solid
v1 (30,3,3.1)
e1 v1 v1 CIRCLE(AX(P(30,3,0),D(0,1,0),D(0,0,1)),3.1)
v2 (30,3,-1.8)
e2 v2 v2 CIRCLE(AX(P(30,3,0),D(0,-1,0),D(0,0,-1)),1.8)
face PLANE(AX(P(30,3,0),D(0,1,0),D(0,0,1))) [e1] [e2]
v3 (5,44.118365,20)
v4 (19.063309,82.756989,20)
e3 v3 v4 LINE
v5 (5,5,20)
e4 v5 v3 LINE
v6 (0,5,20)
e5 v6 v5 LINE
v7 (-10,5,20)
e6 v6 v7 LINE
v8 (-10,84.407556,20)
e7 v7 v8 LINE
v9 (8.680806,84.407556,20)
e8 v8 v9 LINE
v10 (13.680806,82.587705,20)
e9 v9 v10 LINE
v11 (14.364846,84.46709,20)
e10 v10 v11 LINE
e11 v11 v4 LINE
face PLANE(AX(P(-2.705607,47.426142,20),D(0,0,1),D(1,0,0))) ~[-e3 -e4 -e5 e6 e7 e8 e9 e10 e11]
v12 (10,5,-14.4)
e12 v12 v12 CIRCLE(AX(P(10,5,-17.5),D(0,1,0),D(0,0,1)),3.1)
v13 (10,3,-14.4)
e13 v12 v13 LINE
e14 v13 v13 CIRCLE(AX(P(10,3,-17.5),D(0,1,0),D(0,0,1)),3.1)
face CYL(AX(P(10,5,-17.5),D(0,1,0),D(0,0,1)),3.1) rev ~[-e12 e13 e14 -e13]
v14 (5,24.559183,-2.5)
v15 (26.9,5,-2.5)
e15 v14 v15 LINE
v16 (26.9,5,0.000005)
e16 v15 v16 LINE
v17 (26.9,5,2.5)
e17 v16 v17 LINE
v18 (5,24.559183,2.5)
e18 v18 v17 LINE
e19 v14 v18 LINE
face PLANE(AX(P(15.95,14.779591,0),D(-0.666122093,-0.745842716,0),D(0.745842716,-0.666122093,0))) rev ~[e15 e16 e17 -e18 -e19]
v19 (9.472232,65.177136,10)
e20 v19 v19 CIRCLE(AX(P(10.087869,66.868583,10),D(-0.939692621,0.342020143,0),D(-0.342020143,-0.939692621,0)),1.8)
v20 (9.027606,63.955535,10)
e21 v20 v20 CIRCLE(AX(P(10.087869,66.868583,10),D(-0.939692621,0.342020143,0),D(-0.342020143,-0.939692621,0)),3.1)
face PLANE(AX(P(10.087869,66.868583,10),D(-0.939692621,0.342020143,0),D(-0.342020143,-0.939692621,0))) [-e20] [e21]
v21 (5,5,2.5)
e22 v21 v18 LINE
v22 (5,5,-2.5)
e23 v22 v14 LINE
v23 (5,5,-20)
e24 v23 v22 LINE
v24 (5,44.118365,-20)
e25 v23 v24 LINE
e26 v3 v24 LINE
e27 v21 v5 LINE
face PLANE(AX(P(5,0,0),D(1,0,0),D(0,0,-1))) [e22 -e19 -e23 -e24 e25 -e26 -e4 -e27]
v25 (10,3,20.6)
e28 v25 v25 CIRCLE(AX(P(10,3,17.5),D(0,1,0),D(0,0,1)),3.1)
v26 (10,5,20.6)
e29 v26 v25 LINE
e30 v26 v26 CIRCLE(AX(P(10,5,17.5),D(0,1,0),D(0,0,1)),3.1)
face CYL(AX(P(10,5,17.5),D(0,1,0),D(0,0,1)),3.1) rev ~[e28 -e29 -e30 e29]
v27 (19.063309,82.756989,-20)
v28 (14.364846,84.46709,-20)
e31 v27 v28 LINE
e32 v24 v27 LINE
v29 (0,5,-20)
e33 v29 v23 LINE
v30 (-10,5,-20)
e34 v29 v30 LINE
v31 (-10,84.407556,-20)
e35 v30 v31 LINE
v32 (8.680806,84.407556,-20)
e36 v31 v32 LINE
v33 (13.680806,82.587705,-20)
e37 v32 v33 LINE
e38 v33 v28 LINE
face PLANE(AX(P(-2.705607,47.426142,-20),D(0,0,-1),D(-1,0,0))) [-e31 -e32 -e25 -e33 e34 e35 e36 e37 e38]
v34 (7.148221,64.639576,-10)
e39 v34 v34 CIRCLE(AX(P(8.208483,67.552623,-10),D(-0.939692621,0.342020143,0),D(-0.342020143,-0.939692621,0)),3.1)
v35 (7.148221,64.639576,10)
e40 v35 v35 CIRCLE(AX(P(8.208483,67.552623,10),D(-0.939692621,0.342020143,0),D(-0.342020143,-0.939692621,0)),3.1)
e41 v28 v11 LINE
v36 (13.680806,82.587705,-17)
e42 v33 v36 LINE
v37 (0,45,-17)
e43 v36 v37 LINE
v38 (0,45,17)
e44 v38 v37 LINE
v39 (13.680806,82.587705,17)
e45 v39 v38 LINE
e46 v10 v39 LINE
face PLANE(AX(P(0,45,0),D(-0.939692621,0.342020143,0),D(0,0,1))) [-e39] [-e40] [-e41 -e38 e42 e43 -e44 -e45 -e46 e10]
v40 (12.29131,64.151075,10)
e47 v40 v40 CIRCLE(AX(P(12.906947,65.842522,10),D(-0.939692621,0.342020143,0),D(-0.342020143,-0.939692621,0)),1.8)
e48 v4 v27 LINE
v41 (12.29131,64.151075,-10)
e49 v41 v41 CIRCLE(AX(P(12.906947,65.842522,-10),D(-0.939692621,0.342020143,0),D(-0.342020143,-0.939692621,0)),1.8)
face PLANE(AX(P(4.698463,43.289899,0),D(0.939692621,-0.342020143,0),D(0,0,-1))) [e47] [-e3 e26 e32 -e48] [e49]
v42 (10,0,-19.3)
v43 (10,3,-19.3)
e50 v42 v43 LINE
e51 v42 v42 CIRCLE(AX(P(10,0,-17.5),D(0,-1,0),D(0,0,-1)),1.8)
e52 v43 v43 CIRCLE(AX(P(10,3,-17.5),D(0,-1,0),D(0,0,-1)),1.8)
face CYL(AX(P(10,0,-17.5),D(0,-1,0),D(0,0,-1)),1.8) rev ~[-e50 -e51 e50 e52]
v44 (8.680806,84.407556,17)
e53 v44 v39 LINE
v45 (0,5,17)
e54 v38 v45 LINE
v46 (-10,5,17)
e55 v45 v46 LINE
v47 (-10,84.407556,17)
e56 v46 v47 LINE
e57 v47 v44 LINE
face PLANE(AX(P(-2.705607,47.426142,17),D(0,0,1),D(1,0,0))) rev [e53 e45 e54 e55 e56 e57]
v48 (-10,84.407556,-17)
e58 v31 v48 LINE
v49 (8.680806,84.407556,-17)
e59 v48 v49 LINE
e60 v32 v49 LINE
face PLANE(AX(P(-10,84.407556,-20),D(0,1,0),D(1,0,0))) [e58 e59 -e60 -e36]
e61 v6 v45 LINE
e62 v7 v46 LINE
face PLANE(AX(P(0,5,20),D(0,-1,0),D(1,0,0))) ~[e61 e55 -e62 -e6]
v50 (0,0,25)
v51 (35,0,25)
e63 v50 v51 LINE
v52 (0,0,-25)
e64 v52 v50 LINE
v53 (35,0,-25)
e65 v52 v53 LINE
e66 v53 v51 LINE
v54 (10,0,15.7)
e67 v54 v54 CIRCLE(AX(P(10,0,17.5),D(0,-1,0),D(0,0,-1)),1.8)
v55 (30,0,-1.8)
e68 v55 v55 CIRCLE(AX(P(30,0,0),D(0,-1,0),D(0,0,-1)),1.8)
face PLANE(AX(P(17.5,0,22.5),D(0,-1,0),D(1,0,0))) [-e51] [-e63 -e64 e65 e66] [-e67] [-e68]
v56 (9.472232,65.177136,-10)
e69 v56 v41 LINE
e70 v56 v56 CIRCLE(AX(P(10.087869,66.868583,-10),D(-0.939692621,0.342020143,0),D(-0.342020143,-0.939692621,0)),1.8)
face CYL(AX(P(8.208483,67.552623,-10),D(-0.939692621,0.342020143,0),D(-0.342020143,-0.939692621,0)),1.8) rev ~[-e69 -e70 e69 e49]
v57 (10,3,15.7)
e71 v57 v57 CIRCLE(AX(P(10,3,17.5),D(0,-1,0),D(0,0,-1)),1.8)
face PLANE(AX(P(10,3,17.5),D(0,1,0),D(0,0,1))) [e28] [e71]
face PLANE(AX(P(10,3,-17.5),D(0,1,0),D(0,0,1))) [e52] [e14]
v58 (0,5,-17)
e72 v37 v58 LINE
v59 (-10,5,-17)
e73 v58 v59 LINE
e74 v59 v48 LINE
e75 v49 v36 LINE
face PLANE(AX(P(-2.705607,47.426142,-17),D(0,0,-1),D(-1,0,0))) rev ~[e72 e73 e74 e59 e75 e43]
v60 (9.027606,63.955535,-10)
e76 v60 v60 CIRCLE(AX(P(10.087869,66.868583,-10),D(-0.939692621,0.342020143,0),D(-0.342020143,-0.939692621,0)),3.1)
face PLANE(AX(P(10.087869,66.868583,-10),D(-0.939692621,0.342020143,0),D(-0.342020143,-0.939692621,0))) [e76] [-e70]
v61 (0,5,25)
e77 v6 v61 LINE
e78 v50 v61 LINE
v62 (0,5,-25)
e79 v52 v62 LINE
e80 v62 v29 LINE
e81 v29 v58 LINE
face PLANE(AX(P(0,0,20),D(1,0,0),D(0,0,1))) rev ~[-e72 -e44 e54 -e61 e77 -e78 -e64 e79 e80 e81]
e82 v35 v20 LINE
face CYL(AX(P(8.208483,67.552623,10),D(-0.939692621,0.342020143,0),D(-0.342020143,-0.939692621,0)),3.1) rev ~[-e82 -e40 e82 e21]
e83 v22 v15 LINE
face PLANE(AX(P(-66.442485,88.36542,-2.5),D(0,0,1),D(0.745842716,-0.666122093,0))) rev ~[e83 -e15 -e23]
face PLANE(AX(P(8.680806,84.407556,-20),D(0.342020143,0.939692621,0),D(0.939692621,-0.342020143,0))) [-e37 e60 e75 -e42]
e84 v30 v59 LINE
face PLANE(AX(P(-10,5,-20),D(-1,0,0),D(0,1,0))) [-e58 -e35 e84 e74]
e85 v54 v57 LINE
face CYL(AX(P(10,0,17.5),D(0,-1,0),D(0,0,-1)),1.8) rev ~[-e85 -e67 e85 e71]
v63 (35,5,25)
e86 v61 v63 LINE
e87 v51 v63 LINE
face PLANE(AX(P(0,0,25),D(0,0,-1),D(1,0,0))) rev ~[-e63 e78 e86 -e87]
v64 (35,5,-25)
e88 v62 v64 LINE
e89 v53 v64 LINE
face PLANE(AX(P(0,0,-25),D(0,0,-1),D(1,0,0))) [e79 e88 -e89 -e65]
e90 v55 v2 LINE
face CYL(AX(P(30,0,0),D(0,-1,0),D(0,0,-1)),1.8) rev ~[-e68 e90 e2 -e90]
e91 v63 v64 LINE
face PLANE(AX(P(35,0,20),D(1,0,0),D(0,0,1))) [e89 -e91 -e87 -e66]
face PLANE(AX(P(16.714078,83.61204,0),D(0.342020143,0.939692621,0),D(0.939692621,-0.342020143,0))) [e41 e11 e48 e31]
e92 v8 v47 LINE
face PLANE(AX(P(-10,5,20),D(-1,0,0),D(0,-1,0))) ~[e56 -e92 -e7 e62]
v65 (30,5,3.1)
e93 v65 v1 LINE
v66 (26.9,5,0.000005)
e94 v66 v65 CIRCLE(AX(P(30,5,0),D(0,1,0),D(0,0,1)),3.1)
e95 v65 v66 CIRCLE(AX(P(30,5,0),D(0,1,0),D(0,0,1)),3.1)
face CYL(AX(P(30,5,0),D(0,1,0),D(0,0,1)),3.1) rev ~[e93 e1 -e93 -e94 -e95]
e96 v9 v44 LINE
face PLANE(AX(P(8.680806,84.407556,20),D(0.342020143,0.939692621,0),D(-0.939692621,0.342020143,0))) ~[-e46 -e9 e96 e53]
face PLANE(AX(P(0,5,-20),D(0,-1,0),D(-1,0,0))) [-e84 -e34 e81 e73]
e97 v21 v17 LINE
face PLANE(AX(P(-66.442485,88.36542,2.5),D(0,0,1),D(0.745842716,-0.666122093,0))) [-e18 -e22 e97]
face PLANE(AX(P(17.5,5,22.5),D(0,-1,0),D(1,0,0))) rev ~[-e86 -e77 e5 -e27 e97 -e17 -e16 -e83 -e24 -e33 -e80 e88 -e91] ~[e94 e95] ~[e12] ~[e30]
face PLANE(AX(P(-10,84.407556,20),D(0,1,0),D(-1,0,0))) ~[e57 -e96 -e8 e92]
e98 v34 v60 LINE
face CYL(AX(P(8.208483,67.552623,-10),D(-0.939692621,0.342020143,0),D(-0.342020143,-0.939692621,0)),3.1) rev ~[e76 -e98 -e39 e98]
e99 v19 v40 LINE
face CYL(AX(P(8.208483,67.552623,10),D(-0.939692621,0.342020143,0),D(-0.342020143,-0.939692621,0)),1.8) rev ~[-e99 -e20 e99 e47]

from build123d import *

# Parameters (mm, degrees)
SKETCH_2_W          = 5
SKETCH_2_H          = 40
CUT_EXTRUDE_1_REACH = 90.301
SKETCH_3_R          = 1.8
SKETCH_6_W          = 30
SKETCH_6_H          = 40
EXTRUDE_1_DEPTH     = 5
CUT_EXTRUDE_2_REACH = 95.593
SKETCH_8_R          = 1.8
SKETCH_9_W          = 35
SKETCH_9_H          = 5
EXTRUDE_2_DEPTH     = 5
SKETCH_10_R         = 3.1
CUT_EXTRUDE_3_DEPTH = 2
SKETCH_11_R         = 3.1
CUT_EXTRUDE_4_DEPTH = 2
EXTRUDE_4_DEPTH     = 3
RIB_5_REACH         = 96.788
SKETCH_21_WALL_W    = 220.937961122
SKETCH_21_WALL_H    = 5


with BuildPart() as part:
    # 扫描1: sweep along a path in 草图1
    with BuildLine(Plane.XY) as sweep_1_path:
        Line((0, 0), (0, 45))
        Line((0, 45), (14.36484602, 84.467090073))
    # 草图2 → 扫描1 (sweep)
    with BuildSketch(Plane(origin=(0, 0, 0), x_dir=(1, 0, 0), z_dir=(0, 1, 0))):
        with Locations((2.5, 0)):
            Rectangle(SKETCH_2_W, SKETCH_2_H)
    sweep(path=sweep_1_path.line, transition=Transition.RIGHT)

    # 草图3 → 切除-拉伸1 (cut, up to next)
    with BuildSketch(Plane(origin=(-14.462721218, 5.26400003, 0), x_dir=(0, 0, 1), z_dir=(-0.9396926207859081, 0.3420201433256695, 0)), mode=Mode.PRIVATE) as cut_extrude_1_sk1:
        with Locations(Location((-10, 66.286167935, 0), (0, 0, 270))):
            Circle(SKETCH_3_R)
    cut_extrude_1_tool1 = extrude(cut_extrude_1_sk1.sketch, amount=-CUT_EXTRUDE_1_REACH, mode=Mode.PRIVATE) & part.part
    # 草图3 → 切除-拉伸1 (cut, up to next)
    with BuildSketch(Plane(origin=(-14.462721218, 5.26400003, 0), x_dir=(0, 0, 1), z_dir=(-0.9396926207859081, 0.3420201433256695, 0)), mode=Mode.PRIVATE) as cut_extrude_1_sk2:
        with Locations(Location((10, 66.286167935, 0), (0, 0, 270))):
            Circle(SKETCH_3_R)
    cut_extrude_1_tool2 = extrude(cut_extrude_1_sk2.sketch, amount=-CUT_EXTRUDE_1_REACH, mode=Mode.PRIVATE) & part.part
    add(cut_extrude_1_tool1.solids().sort_by_distance((8.208483, 67.552623, -10))[0], mode=Mode.SUBTRACT)
    add(cut_extrude_1_tool2.solids().sort_by_distance((8.208483, 67.552623, 10))[0], mode=Mode.SUBTRACT)

    # 草图6 → 凸台-拉伸1 (add)
    with BuildSketch(Plane.XZ):
        with Locations((20, 0)):
            Rectangle(SKETCH_6_W, SKETCH_6_H)
    extrude(amount=-EXTRUDE_1_DEPTH)

    # 草图8 → 切除-拉伸2 (cut, up to next)
    with BuildSketch(Plane.XZ, mode=Mode.PRIVATE) as cut_extrude_2_sk1:
        with Locations(Location((10, 17.5, 0), (0, 0, 270))):
            Circle(SKETCH_8_R)
    cut_extrude_2_tool1 = extrude(cut_extrude_2_sk1.sketch, amount=-CUT_EXTRUDE_2_REACH, mode=Mode.PRIVATE) & part.part
    # 草图8 → 切除-拉伸2 (cut, up to next)
    with BuildSketch(Plane.XZ, mode=Mode.PRIVATE) as cut_extrude_2_sk2:
        with Locations(Location((10, -17.5, 0), (0, 0, 270))):
            Circle(SKETCH_8_R)
    cut_extrude_2_tool2 = extrude(cut_extrude_2_sk2.sketch, amount=-CUT_EXTRUDE_2_REACH, mode=Mode.PRIVATE) & part.part
    # 草图8 → 切除-拉伸2 (cut, up to next)
    with BuildSketch(Plane.XZ, mode=Mode.PRIVATE) as cut_extrude_2_sk3:
        with Locations(Location((30, 0, 0), (0, 0, 270))):
            Circle(SKETCH_8_R)
    cut_extrude_2_tool3 = extrude(cut_extrude_2_sk3.sketch, amount=-CUT_EXTRUDE_2_REACH, mode=Mode.PRIVATE) & part.part
    add(cut_extrude_2_tool1.solids().sort_by_distance((10, 0, 17.5))[0], mode=Mode.SUBTRACT)
    add(cut_extrude_2_tool2.solids().sort_by_distance((10, 0, -17.5))[0], mode=Mode.SUBTRACT)
    add(cut_extrude_2_tool3.solids().sort_by_distance((30, 0, 0))[0], mode=Mode.SUBTRACT)

    # 草图9 → 凸台-拉伸2 (add)
    with BuildSketch(Plane.XZ):
        with Locations((17.5, 22.5)):
            Rectangle(SKETCH_9_W, SKETCH_9_H)
        with Locations((17.5, -22.5)):
            Rectangle(SKETCH_9_W, SKETCH_9_H)
    extrude(amount=-EXTRUDE_2_DEPTH)

    # 草图10 → 切除-拉伸3 (cut)
    with BuildSketch(Plane(origin=(0, 5, 0), x_dir=(1, 0, 0), z_dir=(0, 1, 0))):
        with Locations(Location((10, -17.5, 0), (0, 0, 270))):
            Circle(SKETCH_10_R)
        with Locations(Location((10, 17.5, 0), (0, 0, 270))):
            Circle(SKETCH_10_R)
        with Locations(Location((30, 0, 0), (0, 0, 270))):
            Circle(SKETCH_10_R)
    extrude(amount=-CUT_EXTRUDE_3_DEPTH, mode=Mode.SUBTRACT)

    # 草图11 → 切除-拉伸4 (cut)
    with BuildSketch(Plane(origin=(-14.462721218, 5.26400003, 0), x_dir=(0, 0, 1), z_dir=(-0.9396926207859081, 0.3420201433256695, 0))):
        with Locations(Location((-10, 66.286167935, 0), (0, 0, 270))):
            Circle(SKETCH_11_R)
        with Locations(Location((10, 66.286167935, 0), (0, 0, 270))):
            Circle(SKETCH_11_R)
    extrude(amount=-CUT_EXTRUDE_4_DEPTH, mode=Mode.SUBTRACT)

    # 草图15 → 凸台-拉伸4 (add)
    with BuildSketch(Plane(origin=(0, 0, -20), x_dir=(-1, 0, 0), z_dir=(0, 0, -1))):
        Polygon((-8.680805733, 84.407556003), (-13.680805733, 82.587704831), (0, 45), (0, 5), (10, 5), (10, 84.407556003), align=None)
    extrude_4 = extrude(amount=-EXTRUDE_4_DEPTH)

    # 镜向2: 凸台-拉伸4 across plane
    add(extrude_4.mirror(Plane(origin=(0, 0, 0), x_dir=(1, 0, 0), z_dir=(0, 0, -1))))

    # 草图21 wall → 筋5 (add, up to next)
    with BuildSketch(Plane(origin=(15.95, 14.779591274, 0), x_dir=(0.745842716131, -0.666122093009, 0), z_dir=(-0.666122093009, -0.745842716131, 0)), mode=Mode.PRIVATE) as rib_5_sk1:
        Rectangle(SKETCH_21_WALL_W, SKETCH_21_WALL_H)
    rib_5_tool1 = extrude(rib_5_sk1.sketch, amount=RIB_5_REACH, mode=Mode.PRIVATE) - part.part
    add(rib_5_tool1.solids().sort_by_distance((15.95, 14.779591274, 0))[0])


solid = part.part
